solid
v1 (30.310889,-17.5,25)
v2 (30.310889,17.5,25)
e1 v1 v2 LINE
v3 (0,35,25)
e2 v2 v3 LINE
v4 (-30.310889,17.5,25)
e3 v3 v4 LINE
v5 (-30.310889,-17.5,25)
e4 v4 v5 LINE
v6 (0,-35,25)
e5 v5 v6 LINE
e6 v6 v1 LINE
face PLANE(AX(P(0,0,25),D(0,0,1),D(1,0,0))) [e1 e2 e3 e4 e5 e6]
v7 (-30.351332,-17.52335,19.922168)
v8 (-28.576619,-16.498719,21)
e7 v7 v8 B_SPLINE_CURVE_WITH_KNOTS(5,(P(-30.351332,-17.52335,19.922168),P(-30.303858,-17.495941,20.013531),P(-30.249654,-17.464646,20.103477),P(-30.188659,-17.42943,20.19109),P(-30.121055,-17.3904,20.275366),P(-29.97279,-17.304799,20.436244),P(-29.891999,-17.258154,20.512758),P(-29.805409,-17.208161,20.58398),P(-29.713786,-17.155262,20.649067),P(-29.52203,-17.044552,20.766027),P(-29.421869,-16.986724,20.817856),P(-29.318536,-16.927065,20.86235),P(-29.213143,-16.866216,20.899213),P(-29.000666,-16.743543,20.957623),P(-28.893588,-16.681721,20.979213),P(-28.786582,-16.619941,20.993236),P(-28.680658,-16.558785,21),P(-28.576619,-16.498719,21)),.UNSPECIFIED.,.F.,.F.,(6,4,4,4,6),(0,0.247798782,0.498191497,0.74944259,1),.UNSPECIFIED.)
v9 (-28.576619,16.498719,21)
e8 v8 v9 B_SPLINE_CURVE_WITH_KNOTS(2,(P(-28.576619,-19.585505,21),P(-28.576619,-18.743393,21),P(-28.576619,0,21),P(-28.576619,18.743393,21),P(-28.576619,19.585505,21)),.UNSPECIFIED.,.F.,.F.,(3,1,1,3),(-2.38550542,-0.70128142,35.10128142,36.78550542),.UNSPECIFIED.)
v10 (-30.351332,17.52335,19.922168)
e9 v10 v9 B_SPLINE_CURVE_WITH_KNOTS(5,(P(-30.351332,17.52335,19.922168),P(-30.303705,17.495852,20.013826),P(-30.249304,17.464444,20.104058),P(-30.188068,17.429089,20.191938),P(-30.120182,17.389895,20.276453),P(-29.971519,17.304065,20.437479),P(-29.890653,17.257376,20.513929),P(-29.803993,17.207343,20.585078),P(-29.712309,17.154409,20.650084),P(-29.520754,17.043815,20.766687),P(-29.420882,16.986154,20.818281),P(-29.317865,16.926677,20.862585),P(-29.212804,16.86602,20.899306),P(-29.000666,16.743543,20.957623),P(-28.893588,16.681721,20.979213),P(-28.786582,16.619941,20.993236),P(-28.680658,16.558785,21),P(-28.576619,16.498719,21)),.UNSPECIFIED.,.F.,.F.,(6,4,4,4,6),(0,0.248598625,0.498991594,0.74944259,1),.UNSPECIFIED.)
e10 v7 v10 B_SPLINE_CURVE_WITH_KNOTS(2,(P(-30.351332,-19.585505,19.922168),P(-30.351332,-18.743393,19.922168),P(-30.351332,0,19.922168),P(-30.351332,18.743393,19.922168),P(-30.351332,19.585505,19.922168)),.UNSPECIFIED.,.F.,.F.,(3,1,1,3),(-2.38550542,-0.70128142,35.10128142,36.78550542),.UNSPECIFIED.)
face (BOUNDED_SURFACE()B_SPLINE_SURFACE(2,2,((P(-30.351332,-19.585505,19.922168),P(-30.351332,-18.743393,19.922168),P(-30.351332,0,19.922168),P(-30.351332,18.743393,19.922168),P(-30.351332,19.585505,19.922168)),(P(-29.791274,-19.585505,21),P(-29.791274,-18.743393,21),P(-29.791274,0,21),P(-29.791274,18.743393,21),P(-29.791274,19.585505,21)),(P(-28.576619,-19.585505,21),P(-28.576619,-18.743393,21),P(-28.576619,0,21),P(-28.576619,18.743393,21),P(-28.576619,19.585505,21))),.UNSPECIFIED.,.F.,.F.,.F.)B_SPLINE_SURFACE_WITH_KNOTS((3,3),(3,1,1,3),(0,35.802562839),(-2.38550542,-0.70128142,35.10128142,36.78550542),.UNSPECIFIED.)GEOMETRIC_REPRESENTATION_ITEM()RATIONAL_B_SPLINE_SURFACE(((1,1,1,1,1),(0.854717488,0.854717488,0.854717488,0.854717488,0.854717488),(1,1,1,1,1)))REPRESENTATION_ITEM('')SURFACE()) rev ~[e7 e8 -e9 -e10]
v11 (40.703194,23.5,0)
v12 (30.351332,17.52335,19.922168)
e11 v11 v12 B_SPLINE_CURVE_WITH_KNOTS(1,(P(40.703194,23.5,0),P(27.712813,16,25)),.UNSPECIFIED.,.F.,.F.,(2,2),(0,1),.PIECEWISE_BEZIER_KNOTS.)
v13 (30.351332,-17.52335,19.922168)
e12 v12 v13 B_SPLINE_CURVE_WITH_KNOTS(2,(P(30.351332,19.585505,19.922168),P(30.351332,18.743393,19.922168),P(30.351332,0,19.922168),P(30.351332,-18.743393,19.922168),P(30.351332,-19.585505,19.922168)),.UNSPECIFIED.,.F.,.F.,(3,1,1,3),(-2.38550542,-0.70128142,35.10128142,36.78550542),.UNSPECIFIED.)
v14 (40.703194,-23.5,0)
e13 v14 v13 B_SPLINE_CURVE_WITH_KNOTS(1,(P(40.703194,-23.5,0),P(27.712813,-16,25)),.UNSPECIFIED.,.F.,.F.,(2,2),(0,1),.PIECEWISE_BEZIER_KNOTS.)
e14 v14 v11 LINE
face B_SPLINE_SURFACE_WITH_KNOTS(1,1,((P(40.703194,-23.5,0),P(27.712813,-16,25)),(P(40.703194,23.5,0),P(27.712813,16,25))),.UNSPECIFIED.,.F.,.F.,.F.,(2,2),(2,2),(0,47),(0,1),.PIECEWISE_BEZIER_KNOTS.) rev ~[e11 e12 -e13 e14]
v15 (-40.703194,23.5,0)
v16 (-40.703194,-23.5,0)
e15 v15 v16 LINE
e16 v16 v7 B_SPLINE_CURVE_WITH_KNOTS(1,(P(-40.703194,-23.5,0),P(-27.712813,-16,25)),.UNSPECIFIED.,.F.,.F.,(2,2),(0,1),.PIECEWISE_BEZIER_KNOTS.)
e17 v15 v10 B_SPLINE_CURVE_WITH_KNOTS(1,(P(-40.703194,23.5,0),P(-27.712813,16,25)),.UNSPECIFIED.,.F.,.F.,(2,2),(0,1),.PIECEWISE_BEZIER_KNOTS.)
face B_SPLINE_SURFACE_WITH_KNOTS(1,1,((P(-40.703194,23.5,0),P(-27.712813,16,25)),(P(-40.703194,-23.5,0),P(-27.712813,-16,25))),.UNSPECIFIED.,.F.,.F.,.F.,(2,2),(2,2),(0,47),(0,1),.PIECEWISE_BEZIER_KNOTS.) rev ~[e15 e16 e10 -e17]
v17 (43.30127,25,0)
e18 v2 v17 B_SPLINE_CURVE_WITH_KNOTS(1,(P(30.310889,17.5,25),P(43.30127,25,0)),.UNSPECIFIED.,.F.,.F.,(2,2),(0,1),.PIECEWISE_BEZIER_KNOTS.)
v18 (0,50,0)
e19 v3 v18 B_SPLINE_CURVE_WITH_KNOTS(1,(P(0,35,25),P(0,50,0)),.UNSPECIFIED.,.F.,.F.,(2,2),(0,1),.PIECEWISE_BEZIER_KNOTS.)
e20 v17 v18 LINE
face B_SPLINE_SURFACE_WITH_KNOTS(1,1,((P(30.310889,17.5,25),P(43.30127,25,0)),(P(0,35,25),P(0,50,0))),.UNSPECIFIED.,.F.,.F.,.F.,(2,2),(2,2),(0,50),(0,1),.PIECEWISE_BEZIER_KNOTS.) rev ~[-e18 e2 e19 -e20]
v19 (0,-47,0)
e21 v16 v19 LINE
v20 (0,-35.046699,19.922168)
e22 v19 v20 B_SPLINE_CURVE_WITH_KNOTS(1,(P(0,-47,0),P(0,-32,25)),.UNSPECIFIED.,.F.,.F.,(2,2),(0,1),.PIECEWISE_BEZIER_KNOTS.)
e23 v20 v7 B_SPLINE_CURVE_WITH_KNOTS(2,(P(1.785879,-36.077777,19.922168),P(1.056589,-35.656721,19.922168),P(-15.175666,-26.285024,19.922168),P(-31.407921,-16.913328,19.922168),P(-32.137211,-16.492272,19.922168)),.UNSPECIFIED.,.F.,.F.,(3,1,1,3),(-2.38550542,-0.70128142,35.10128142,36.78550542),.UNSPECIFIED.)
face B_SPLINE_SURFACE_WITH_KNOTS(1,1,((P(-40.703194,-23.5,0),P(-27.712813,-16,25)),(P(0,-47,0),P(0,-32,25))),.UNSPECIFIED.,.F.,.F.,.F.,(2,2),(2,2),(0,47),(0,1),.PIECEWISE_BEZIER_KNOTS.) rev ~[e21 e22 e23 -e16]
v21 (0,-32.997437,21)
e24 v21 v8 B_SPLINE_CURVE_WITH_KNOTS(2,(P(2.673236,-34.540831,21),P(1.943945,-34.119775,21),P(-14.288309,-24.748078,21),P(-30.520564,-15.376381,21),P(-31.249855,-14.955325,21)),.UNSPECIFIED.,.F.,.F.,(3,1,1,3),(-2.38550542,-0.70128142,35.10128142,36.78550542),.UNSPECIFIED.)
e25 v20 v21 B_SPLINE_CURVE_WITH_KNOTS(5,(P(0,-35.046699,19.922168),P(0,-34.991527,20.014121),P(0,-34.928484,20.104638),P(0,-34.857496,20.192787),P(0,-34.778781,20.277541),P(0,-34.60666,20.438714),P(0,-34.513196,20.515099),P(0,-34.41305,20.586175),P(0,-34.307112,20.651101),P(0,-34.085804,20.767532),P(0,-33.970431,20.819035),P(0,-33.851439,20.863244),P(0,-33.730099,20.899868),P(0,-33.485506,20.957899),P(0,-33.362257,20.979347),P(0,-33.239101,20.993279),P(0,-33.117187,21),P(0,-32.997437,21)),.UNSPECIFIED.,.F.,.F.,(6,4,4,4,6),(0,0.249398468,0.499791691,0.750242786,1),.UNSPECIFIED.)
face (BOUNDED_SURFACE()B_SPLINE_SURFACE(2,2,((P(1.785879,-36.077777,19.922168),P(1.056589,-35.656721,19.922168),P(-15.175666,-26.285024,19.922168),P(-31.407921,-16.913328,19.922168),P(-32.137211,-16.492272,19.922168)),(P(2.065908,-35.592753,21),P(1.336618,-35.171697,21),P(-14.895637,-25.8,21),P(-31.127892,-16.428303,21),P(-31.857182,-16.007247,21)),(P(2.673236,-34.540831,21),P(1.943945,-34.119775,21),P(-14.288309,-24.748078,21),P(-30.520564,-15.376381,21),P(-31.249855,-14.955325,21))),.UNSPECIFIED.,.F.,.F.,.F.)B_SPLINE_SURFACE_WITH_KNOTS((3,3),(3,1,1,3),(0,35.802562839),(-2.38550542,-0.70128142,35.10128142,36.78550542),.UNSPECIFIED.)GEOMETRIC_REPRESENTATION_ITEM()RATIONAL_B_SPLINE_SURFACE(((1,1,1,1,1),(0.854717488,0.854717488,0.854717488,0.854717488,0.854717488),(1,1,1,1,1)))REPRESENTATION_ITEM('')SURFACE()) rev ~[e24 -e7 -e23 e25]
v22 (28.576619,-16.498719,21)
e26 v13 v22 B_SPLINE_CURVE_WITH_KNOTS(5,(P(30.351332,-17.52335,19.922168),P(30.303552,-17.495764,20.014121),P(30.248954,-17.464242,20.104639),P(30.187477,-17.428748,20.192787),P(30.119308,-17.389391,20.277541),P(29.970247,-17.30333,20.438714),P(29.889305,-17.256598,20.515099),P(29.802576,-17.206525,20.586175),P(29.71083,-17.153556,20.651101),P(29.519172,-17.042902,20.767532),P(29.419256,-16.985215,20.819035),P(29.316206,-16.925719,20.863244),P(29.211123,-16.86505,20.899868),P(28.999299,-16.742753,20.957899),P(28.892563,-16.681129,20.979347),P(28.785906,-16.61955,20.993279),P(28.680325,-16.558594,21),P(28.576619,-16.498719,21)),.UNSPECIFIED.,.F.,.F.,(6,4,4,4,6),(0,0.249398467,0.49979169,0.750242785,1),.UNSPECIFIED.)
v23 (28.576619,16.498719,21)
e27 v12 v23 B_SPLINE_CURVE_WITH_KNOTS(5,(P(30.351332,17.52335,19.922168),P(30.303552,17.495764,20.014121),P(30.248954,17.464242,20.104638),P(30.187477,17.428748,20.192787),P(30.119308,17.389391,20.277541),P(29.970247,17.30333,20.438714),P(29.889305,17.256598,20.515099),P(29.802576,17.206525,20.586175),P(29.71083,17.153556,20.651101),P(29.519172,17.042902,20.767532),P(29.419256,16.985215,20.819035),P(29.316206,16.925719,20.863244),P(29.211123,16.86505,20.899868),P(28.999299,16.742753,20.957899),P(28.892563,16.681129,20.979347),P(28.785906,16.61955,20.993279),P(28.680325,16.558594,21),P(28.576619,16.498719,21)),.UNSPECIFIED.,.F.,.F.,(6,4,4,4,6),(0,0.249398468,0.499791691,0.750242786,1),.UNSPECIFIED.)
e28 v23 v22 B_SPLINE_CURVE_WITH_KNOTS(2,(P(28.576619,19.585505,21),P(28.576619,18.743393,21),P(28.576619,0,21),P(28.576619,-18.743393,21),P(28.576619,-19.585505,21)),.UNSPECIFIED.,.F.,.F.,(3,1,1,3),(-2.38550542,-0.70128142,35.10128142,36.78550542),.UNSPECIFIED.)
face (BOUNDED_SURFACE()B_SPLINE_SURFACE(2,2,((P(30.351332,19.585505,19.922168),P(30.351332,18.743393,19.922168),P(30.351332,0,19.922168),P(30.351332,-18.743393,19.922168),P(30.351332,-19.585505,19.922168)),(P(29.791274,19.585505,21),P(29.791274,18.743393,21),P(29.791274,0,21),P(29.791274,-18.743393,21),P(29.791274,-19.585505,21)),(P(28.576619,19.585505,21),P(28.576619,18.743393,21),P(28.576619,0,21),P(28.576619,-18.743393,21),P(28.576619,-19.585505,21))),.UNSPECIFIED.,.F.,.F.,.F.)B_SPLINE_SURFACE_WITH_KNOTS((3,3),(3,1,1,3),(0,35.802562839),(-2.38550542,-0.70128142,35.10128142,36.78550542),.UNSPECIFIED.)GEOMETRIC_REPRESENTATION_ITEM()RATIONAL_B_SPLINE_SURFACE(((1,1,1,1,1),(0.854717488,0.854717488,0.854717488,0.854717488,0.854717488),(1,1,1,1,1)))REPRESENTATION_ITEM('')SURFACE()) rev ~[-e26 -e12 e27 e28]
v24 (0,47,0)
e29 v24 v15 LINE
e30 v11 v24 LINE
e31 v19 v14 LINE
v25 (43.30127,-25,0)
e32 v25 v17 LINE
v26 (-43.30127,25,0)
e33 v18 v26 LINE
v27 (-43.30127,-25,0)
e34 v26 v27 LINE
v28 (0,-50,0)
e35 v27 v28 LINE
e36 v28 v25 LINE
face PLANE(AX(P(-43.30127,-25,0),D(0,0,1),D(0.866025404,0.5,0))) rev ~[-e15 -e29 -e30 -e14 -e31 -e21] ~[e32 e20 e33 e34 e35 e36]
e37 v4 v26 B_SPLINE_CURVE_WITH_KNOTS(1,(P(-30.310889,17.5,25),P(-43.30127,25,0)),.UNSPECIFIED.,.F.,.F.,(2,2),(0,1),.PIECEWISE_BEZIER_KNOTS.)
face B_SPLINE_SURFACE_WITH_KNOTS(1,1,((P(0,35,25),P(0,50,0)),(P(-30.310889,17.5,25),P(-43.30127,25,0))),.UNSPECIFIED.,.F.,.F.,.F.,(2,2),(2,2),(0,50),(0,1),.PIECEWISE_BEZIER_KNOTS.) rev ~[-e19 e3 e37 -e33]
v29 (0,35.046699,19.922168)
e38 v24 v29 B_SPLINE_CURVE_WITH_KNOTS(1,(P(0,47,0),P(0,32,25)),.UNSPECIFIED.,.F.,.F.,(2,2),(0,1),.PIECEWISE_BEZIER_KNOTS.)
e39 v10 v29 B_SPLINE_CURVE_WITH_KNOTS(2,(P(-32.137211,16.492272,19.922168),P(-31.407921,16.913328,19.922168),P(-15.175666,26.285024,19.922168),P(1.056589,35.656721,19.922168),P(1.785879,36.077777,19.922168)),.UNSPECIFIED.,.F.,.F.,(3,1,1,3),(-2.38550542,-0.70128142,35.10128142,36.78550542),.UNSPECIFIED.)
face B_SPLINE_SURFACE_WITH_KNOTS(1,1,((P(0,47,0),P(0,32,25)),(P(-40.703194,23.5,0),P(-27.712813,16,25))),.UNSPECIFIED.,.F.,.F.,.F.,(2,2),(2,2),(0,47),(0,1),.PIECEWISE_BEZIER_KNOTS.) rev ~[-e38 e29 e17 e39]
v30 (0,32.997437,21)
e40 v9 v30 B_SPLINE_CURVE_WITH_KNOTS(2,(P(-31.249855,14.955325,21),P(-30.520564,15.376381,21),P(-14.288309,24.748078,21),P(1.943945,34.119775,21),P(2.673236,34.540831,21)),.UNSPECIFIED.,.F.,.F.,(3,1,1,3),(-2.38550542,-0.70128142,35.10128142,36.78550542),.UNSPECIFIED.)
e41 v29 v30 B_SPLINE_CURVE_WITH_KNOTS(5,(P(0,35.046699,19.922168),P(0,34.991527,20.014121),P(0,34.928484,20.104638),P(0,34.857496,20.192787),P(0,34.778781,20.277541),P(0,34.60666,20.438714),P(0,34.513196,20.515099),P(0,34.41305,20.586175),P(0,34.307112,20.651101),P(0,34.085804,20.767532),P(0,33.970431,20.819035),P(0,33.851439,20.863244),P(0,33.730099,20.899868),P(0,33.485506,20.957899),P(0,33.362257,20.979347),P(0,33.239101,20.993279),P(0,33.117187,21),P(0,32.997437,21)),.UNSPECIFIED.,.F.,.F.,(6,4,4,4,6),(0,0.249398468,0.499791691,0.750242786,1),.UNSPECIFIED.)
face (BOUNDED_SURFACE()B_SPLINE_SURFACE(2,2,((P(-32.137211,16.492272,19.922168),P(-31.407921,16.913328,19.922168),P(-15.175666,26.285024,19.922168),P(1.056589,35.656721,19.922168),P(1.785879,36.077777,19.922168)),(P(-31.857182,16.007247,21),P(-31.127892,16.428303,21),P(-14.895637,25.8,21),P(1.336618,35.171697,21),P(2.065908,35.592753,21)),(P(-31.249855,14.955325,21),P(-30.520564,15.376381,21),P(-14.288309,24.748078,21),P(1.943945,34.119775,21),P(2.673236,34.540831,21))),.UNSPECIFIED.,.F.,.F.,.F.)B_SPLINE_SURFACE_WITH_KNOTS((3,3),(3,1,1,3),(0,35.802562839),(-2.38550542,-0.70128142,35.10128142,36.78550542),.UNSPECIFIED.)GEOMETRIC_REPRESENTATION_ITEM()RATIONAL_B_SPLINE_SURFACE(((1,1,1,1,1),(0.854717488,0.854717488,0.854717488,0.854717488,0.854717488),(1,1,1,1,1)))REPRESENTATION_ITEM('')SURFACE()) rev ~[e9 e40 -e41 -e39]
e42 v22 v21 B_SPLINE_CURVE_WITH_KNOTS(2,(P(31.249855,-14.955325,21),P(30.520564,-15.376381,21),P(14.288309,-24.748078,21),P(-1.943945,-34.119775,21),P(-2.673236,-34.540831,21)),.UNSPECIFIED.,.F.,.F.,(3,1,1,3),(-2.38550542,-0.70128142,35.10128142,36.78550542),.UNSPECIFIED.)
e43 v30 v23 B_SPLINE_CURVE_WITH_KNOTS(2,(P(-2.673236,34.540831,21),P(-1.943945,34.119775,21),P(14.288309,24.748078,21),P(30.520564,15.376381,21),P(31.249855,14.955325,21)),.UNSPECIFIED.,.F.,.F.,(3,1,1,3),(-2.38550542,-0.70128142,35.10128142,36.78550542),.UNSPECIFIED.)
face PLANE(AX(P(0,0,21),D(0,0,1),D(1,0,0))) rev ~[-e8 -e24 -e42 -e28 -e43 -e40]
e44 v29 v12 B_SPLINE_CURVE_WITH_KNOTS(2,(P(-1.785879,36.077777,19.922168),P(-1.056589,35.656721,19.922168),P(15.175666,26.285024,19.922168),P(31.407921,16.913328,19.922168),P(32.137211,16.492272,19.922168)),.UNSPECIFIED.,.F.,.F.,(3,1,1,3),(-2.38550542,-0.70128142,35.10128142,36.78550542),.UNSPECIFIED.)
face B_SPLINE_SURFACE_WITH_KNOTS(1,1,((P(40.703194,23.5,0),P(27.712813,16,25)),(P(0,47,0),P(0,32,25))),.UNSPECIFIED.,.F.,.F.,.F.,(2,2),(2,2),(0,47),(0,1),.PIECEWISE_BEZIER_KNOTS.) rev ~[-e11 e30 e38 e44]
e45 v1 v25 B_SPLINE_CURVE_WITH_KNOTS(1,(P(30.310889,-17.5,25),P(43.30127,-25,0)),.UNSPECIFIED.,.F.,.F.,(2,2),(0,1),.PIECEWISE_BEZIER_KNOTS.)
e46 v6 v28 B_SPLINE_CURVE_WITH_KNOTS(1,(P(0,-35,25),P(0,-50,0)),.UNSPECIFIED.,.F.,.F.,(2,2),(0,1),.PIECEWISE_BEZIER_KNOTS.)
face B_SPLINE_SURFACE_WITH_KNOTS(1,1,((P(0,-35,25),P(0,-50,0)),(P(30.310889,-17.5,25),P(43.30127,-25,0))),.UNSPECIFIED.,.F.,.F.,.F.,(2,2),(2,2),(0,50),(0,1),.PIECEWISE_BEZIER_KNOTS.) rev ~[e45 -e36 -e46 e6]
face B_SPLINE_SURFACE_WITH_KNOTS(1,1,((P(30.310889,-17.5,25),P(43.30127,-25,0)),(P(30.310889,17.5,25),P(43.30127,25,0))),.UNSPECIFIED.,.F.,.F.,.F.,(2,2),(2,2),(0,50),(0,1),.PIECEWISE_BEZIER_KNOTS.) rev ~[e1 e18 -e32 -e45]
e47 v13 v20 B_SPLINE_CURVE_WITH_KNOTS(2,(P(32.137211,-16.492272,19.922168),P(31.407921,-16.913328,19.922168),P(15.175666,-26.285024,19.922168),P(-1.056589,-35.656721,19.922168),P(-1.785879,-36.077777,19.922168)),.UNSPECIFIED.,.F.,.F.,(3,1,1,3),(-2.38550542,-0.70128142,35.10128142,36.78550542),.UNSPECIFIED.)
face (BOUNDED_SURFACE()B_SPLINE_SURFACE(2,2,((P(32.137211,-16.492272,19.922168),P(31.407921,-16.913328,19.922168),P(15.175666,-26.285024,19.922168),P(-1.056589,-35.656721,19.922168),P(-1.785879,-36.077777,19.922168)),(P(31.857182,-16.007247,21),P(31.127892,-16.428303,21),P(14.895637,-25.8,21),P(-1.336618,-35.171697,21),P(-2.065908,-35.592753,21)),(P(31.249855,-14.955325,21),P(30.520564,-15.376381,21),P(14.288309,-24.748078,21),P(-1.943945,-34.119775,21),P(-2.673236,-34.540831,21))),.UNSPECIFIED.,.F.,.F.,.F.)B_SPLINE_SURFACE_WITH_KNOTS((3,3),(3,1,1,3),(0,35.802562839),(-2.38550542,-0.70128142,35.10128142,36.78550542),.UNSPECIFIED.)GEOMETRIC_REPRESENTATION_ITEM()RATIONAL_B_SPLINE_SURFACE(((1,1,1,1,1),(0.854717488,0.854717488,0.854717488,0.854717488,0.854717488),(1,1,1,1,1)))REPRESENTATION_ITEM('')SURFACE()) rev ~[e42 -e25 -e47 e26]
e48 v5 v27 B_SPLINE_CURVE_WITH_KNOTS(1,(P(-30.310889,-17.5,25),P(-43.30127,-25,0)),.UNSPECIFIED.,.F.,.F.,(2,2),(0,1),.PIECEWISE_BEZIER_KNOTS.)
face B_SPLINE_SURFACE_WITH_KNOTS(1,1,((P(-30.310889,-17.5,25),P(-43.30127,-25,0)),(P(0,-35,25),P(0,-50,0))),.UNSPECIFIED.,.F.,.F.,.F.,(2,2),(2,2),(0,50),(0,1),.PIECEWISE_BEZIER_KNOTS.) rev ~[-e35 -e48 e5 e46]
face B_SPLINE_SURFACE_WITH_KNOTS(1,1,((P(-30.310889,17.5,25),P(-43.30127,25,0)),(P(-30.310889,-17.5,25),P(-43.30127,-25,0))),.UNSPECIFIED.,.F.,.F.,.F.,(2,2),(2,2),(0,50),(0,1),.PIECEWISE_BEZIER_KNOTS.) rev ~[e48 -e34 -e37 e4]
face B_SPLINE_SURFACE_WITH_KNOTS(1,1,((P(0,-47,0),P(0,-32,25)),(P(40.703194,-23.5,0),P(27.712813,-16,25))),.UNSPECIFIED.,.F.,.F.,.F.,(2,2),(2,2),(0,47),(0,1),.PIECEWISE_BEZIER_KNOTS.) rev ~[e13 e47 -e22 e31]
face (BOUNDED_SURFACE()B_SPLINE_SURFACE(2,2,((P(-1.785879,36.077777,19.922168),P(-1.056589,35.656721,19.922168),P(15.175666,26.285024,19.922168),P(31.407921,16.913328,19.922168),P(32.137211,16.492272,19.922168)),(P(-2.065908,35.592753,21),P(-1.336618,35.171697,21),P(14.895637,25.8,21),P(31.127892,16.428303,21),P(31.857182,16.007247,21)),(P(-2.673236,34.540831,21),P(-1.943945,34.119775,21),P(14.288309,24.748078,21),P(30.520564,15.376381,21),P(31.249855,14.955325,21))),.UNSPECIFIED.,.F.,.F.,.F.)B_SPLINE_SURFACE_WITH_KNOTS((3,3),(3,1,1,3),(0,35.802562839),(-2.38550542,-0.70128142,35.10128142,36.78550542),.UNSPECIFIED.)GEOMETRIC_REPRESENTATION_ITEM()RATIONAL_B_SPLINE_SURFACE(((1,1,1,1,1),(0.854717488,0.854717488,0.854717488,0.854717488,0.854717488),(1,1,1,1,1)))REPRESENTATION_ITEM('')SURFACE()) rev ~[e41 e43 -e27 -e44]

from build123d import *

# Parameters (mm, degrees)
F1_DEPTH = 25
F8_DEPTH = 4
F9_R     = 2


with BuildPart() as f1:
    # F0 (on Top) → F1 (new body)
    with BuildSketch(Plane.XY):
        Polygon((0, -35), (30.3108891325, -17.5), (30.3108891325, 17.5), (0, 35), (-30.3108891325, 17.5), (-30.3108891325, -17.5), align=None)
    extrude(amount=F1_DEPTH)

    # F1_face (on face) → F3 section 0
    with BuildSketch(Plane.XY.offset(25)):
        Polygon((-30.3108891325, -17.5), (0, -35), (30.3108891325, -17.5), (30.3108891325, 17.5), (0, 35), (-30.3108891325, 17.5), align=None)
    # F2 (on Top) → F3 section 1
    with BuildSketch(Plane.XY):
        Polygon((43.3012701892, 25), (0, 50), (-43.3012701892, 25), (-43.3012701892, -25), (0, -50), (43.3012701892, -25), align=None)
    loft()

    # F4 (on Top) → F6 section 0
    with BuildSketch(Plane.XY):
        Polygon((-40.7031939779, -23.5), (0, -47), (40.7031939779, -23.5), (40.7031939779, 23.5), (0, 47), (-40.7031939779, 23.5), align=None)
    # F5 (on face) → F6 section 1
    with BuildSketch(Plane.XY.offset(25)):
        Polygon((27.7128129211, 16), (0, 32), (-27.7128129211, 16), (-27.7128129211, -16), (0, -32), (27.7128129211, -16), align=None)
    loft(mode=Mode.SUBTRACT)

    # F7 (on face) → F8 (join)
    with BuildSketch(Plane.XY.offset(25)):
        Polygon((-30.3108891325, -17.5), (0, -35), (30.3108891325, -17.5), (30.3108891325, 17.5), (0, 35), (-30.3108891325, 17.5), align=None)
    extrude(amount=-F8_DEPTH)

    # F9
    f9_edges = [f1.edges().sort_by_distance(p)[0] for p in [
        (-14.895637, -25.8, 21),
        (-29.791274, 0, 21),
        (14.895637, -25.8, 21),
        (29.791274, 0, 21),
        (14.895637, 25.8, 21),
        (-14.895637, 25.8, 21),
    ]]
    fillet(f9_edges, radius=F9_R)


solid = f1.part
